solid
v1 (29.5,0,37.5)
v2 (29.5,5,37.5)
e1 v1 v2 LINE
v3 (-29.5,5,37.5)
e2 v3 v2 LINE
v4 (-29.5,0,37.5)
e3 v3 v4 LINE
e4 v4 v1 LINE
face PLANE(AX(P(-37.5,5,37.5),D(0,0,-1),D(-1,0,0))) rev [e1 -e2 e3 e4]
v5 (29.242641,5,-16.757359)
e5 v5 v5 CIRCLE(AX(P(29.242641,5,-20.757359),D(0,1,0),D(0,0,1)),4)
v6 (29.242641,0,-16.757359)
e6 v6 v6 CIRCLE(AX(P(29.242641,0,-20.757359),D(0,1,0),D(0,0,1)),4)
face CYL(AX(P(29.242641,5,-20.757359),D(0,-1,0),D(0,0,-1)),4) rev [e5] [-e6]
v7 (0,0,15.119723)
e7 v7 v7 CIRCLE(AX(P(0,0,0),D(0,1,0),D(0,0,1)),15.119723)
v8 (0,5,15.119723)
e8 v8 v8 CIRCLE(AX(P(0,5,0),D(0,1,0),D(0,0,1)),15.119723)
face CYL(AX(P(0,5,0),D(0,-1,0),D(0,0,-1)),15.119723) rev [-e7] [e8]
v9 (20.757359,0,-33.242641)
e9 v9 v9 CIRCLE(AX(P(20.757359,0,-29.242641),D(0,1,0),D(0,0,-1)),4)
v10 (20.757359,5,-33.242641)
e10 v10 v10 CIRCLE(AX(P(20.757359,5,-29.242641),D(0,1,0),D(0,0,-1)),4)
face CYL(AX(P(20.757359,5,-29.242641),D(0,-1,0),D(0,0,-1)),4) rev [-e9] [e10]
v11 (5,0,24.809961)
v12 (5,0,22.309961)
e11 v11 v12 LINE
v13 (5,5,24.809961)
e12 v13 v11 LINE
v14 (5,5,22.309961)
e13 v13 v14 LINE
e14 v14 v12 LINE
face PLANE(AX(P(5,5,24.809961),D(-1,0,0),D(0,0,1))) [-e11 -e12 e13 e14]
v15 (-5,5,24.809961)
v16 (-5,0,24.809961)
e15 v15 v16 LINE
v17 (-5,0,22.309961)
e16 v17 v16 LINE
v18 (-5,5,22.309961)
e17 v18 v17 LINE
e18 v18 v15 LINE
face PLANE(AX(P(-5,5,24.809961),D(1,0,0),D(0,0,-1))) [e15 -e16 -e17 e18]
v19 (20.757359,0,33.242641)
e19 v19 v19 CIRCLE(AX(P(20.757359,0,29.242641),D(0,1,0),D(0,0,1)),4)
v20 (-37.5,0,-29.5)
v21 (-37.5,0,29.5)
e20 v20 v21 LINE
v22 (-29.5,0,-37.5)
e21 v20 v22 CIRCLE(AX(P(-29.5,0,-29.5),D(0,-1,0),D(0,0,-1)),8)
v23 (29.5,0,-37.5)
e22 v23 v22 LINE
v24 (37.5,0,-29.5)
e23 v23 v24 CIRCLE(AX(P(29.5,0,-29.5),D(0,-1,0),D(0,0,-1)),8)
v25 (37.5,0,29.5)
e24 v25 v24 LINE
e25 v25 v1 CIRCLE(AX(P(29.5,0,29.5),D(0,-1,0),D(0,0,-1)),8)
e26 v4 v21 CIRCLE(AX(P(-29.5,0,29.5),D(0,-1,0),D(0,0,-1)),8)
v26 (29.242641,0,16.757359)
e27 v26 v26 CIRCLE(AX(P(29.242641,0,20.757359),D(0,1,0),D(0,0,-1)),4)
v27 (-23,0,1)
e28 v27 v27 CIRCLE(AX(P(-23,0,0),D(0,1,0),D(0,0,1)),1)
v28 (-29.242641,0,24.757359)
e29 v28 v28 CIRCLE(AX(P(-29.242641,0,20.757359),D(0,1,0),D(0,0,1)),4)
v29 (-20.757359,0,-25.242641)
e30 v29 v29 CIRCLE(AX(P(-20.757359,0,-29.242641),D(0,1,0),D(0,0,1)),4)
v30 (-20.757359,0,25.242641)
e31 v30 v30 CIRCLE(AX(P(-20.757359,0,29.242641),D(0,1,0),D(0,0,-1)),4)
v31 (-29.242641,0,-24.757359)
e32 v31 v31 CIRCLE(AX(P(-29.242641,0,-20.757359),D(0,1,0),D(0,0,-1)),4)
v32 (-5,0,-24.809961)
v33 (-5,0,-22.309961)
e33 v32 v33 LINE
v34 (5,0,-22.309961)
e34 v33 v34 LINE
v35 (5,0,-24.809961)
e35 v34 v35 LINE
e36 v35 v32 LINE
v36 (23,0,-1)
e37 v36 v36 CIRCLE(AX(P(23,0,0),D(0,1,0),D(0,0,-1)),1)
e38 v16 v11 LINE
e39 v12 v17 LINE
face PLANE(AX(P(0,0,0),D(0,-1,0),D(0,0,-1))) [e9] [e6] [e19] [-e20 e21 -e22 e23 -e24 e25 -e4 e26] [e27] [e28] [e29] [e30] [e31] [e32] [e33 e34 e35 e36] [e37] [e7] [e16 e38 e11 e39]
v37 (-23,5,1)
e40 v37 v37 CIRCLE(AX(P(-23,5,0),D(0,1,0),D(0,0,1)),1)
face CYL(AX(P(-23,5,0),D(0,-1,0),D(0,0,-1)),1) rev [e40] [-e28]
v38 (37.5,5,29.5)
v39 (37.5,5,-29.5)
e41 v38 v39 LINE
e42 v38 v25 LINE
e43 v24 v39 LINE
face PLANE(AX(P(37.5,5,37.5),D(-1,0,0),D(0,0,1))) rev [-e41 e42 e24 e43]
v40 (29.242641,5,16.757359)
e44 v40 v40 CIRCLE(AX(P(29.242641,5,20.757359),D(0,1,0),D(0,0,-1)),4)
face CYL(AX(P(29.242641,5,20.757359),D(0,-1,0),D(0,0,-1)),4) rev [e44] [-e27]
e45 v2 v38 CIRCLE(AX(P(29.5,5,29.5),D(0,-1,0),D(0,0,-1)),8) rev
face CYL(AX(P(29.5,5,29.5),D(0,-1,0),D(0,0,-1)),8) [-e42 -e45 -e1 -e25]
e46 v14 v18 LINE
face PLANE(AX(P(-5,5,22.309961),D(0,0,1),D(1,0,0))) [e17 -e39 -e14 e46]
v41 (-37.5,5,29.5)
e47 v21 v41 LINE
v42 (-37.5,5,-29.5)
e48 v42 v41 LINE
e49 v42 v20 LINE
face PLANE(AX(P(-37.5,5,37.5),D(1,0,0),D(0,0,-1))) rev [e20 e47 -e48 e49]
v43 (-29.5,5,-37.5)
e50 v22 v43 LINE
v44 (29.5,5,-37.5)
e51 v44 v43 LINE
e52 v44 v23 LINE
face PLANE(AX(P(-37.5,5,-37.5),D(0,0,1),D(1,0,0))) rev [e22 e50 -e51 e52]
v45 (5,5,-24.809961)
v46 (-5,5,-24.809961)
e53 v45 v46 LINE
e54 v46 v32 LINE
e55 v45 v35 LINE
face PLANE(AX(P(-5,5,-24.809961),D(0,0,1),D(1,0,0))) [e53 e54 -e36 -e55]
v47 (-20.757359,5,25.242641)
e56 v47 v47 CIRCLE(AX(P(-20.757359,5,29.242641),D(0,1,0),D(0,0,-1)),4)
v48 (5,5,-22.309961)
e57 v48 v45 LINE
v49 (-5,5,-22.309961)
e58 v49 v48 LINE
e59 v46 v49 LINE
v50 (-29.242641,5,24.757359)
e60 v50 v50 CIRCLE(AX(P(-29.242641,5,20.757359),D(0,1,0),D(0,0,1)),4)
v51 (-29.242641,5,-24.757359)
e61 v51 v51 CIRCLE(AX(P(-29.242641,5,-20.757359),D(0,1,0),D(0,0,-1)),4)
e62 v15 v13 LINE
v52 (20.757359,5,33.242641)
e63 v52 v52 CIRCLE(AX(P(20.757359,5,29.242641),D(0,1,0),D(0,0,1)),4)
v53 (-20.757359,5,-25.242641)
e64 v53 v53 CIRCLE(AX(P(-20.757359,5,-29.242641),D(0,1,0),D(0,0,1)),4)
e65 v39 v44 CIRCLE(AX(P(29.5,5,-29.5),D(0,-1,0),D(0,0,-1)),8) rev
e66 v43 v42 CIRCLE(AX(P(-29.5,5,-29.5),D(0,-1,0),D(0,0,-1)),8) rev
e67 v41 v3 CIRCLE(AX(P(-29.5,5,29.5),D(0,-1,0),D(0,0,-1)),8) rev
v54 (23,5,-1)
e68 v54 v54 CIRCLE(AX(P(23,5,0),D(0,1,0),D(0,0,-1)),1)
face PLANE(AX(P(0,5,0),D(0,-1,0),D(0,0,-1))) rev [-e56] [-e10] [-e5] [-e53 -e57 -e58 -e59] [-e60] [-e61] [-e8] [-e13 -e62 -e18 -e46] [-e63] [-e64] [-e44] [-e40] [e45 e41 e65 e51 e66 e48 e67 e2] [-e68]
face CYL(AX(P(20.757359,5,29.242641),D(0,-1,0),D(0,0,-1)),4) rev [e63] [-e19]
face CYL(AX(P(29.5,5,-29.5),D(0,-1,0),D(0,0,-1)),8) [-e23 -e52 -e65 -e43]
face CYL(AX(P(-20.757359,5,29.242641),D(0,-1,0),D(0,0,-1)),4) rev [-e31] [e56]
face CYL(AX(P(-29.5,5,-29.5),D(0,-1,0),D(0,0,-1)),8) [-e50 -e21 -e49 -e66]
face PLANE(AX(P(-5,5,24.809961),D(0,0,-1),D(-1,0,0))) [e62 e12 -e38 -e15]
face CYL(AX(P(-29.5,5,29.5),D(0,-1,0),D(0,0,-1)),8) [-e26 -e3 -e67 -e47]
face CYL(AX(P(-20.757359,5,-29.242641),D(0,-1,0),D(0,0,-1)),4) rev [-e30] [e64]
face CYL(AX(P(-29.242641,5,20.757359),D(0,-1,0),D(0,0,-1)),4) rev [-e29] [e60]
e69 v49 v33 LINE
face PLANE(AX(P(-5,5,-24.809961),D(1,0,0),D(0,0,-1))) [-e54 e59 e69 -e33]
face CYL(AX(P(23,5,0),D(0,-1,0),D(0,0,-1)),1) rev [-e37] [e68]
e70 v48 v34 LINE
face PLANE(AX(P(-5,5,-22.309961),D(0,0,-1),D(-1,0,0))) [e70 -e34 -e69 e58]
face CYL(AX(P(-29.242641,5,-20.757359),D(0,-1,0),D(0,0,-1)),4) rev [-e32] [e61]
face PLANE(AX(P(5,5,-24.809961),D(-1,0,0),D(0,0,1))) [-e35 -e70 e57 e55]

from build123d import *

# Parameters (mm, degrees)
SKETCH2_W           = 75
SKETCH2_H           = 75
SKETCH2_R           = 15.119722523
SKETCH2_R_2         = 1
SKETCH2_R_3         = 4
SKETCH2_W_2         = 10
SKETCH2_H_2         = 2.5
BOSS_EXTRUDE2_DEPTH = 5
FILLET1_R           = 8


with BuildPart() as part:
    # Sketch2 → Boss-Extrude2 (new body)
    with BuildSketch(Plane(origin=(0, 0, 0), x_dir=(1, 0, 0), z_dir=(0, 1, 0))):
        Rectangle(SKETCH2_W, SKETCH2_H)
        with Locations(Location((0, 0, 0), (0, 0, 270))):
            Circle(SKETCH2_R, mode=Mode.SUBTRACT)
        with Locations(Location((-23, 0, 0), (0, 0, 270))):
            Circle(SKETCH2_R_2, mode=Mode.SUBTRACT)
        with Locations(Location((23, 0, 0), (0, 0, 90))):
            Circle(SKETCH2_R_2, mode=Mode.SUBTRACT)
        with Locations(Location((29.242640687, 20.757359313, 0), (0, 0, 270))):
            Circle(SKETCH2_R_3, mode=Mode.SUBTRACT)
        with Locations(Location((20.757359313, 29.242640687, 0), (0, 0, 90))):
            Circle(SKETCH2_R_3, mode=Mode.SUBTRACT)
        with Locations(Location((-20.757359313, -29.242640687, 0), (0, 0, 90))):
            Circle(SKETCH2_R_3, mode=Mode.SUBTRACT)
        with Locations(Location((-29.242640687, -20.757359313, 0), (0, 0, 270))):
            Circle(SKETCH2_R_3, mode=Mode.SUBTRACT)
        with Locations(Location((-20.757359313, 29.242640687, 0), (0, 0, 270))):
            Circle(SKETCH2_R_3, mode=Mode.SUBTRACT)
        with Locations(Location((-29.242640687, 20.757359313, 0), (0, 0, 90))):
            Circle(SKETCH2_R_3, mode=Mode.SUBTRACT)
        with Locations(Location((29.242640687, -20.757359313, 0), (0, 0, 90))):
            Circle(SKETCH2_R_3, mode=Mode.SUBTRACT)
        with Locations(Location((20.757359313, -29.242640687, 0), (0, 0, 270))):
            Circle(SKETCH2_R_3, mode=Mode.SUBTRACT)
        with Locations((0, -23.559960871)):
            Rectangle(SKETCH2_W_2, SKETCH2_H_2, mode=Mode.SUBTRACT)
        with Locations((0, 23.559960871)):
            Rectangle(SKETCH2_W_2, SKETCH2_H_2, mode=Mode.SUBTRACT)
    extrude(amount=BOSS_EXTRUDE2_DEPTH)

    # Fillet1
    fillet1_edges = [part.edges().sort_by_distance(p)[0] for p in [
        (37.5, 2.5, 37.5),
        (-37.5, 2.5, 37.5),
        (-37.5, 2.5, -37.5),
        (37.5, 2.5, -37.5),
    ]]
    fillet(fillet1_edges, radius=FILLET1_R)


solid = part.part
